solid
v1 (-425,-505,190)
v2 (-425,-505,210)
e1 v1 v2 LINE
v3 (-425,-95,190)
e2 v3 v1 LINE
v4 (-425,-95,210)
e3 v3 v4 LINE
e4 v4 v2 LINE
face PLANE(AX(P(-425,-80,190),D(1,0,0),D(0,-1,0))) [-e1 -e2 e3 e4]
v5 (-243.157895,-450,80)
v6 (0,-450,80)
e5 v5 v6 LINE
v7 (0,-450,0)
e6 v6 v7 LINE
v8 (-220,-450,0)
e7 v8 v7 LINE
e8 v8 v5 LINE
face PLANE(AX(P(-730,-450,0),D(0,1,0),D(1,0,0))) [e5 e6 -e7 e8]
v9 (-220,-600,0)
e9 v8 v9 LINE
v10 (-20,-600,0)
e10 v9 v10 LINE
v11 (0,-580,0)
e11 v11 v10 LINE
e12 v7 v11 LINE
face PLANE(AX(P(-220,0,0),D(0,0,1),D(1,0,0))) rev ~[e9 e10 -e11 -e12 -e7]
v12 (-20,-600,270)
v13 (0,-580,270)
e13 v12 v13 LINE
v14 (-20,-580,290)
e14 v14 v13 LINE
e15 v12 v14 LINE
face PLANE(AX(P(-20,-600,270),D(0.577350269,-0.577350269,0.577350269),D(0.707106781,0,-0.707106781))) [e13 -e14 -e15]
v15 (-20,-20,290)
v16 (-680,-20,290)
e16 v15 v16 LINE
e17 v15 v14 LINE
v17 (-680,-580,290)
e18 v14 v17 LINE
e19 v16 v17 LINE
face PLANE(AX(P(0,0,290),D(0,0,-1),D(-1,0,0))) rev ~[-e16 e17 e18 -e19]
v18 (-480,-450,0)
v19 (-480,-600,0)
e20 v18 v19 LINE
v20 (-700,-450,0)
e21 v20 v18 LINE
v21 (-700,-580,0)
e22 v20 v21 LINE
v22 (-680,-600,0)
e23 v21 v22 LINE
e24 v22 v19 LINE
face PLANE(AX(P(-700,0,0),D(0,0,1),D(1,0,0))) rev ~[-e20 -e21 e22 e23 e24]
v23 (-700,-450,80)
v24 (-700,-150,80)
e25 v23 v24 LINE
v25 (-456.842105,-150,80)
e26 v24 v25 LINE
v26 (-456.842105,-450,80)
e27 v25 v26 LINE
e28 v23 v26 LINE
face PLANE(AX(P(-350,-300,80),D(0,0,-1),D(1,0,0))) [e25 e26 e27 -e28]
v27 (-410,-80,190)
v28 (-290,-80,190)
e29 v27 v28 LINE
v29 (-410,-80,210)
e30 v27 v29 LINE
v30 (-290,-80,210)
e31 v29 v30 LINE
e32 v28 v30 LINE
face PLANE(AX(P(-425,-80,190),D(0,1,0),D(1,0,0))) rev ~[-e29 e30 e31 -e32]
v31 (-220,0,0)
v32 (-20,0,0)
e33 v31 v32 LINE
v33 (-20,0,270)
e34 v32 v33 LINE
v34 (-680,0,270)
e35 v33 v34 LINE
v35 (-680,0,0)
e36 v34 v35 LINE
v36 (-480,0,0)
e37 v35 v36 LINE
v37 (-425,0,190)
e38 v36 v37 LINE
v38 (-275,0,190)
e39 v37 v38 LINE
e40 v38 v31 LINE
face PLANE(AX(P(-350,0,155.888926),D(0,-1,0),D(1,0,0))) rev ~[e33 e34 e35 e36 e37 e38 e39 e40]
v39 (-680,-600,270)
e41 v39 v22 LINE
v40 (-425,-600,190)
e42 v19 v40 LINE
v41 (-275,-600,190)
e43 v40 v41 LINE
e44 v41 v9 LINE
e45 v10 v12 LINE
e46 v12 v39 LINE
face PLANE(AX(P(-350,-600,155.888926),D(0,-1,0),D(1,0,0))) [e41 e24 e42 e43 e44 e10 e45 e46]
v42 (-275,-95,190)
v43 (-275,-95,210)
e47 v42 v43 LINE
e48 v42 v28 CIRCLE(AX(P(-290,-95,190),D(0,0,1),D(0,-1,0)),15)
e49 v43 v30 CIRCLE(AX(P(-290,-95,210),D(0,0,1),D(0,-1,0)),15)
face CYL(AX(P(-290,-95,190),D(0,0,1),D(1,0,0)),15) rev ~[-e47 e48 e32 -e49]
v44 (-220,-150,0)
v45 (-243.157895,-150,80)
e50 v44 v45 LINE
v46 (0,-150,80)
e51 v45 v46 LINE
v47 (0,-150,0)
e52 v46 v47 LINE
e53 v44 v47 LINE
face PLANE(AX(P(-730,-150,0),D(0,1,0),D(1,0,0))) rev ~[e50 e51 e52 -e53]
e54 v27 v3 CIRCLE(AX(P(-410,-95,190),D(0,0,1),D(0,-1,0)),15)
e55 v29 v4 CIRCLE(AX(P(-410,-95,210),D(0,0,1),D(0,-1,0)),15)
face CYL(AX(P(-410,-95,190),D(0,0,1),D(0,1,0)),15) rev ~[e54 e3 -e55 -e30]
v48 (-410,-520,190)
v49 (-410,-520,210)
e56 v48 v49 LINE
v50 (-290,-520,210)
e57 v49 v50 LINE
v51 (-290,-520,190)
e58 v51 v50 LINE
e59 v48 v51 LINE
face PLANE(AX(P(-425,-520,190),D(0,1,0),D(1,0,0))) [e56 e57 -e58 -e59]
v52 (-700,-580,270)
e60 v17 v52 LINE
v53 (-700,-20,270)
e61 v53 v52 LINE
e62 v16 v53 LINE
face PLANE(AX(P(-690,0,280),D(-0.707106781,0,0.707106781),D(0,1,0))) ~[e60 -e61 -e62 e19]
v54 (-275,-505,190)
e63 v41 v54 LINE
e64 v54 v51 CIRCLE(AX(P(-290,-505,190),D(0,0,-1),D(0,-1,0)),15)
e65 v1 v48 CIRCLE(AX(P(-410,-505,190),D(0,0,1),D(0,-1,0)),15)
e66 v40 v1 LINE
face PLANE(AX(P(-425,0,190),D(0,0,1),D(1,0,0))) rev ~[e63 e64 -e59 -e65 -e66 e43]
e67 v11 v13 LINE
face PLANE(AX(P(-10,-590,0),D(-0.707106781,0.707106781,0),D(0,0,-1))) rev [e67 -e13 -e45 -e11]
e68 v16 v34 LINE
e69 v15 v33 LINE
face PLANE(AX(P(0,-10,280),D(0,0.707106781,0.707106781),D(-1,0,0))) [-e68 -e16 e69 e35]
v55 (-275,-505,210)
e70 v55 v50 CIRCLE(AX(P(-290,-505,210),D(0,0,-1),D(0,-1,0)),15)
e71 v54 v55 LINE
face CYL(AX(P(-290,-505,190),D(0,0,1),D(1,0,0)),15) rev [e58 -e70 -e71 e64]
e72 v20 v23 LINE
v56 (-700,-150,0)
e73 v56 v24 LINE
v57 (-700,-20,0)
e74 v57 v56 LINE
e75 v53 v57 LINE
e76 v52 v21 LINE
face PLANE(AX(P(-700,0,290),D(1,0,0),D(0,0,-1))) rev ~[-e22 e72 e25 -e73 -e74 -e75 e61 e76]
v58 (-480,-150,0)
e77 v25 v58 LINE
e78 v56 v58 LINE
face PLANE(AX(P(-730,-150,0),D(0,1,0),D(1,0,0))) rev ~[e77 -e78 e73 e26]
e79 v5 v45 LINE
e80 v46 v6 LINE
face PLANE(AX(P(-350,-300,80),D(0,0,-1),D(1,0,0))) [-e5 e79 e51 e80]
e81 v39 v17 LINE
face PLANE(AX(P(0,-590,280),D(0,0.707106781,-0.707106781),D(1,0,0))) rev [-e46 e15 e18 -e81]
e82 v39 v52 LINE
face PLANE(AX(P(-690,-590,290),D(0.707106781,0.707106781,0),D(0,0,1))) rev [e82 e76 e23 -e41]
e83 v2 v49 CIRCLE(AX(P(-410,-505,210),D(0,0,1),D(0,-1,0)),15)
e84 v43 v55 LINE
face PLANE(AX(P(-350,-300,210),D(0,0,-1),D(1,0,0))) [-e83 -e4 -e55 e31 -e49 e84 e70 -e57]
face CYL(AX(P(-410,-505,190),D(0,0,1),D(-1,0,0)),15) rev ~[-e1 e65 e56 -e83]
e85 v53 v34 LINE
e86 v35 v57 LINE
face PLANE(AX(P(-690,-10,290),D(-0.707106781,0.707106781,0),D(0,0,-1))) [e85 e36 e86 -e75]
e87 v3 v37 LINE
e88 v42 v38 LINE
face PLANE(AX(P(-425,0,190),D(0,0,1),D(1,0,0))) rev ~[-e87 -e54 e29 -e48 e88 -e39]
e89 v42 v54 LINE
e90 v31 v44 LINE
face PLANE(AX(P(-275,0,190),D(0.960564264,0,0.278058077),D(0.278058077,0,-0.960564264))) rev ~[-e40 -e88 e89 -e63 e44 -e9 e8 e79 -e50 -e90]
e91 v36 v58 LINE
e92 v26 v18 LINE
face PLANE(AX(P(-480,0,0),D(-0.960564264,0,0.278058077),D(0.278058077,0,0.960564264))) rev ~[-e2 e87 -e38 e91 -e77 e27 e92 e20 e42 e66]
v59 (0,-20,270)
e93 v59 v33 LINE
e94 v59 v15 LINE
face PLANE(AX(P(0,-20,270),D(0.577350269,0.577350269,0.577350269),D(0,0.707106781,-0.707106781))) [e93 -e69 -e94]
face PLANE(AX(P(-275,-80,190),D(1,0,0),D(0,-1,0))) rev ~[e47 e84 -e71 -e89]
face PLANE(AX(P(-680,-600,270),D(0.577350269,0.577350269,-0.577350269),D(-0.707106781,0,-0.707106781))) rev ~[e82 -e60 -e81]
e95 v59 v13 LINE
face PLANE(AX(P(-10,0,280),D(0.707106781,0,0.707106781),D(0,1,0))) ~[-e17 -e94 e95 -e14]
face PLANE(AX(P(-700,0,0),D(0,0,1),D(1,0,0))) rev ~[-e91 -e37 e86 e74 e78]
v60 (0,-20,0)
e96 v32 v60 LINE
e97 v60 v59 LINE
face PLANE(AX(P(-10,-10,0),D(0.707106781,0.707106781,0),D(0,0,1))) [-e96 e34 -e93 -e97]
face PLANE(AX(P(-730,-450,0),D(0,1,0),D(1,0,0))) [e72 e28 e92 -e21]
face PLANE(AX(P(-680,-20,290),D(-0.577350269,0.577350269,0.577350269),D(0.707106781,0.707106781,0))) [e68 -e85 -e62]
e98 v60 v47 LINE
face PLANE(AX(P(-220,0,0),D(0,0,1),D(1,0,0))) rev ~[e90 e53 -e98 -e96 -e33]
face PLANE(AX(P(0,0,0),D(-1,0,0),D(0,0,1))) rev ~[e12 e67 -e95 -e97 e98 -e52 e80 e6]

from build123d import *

# Parameters (mm, degrees)
F1_DEPTH = 600
F2_W     = 760
F2_H     = 300
F3_DEPTH = 80
F4_W     = 150
F4_H     = 440
F5_DEPTH = 20
F6_SIZE  = 20
F7_R     = 15


with BuildPart() as f1:
    # F0 (on Front) → F1 (new body)
    with BuildSketch(Plane.XZ):
        Polygon((-220, 0), (0, 0), (0, 290), (-700, 290), (-700, 0), (-480, 0), (-425, 190), (-275, 190), align=None)
    extrude(amount=F1_DEPTH)

    # F2 (on face) → F3 (cut)
    with BuildSketch(Plane(origin=(0, 0, 0), x_dir=(1, 0, 0), z_dir=(0, 0, -1))):
        with Locations((-350, 300)):
            Rectangle(F2_W, F2_H)
    extrude(amount=-F3_DEPTH, mode=Mode.SUBTRACT)

    # F4 (on face) → F5 (cut)
    with BuildSketch(Plane(origin=(0, 0, 190), x_dir=(1, 0, 0), z_dir=(0, 0, -1))):
        with Locations((-350, 300)):
            Rectangle(F4_W, F4_H)
    extrude(amount=-F5_DEPTH, mode=Mode.SUBTRACT)

    # F6
    f6_edges = [f1.edges().sort_by_distance(p)[0] for p in [
        (-700, 0, 145),
        (-700, -300, 290),
        (-350, 0, 290),
        (0, -300, 290),
        (-350, -600, 290),
        (-700, -600, 145),
        (0, -600, 145),
        (0, 0, 145),
    ]]
    chamfer(f6_edges, length=F6_SIZE)

    # F7
    f7_edges = [f1.edges().sort_by_distance(p)[0] for p in [
        (-425, -520, 200),
        (-275, -520, 200),
        (-425, -80, 200),
        (-275, -80, 200),
    ]]
    fillet(f7_edges, radius=F7_R)


solid = f1.part
